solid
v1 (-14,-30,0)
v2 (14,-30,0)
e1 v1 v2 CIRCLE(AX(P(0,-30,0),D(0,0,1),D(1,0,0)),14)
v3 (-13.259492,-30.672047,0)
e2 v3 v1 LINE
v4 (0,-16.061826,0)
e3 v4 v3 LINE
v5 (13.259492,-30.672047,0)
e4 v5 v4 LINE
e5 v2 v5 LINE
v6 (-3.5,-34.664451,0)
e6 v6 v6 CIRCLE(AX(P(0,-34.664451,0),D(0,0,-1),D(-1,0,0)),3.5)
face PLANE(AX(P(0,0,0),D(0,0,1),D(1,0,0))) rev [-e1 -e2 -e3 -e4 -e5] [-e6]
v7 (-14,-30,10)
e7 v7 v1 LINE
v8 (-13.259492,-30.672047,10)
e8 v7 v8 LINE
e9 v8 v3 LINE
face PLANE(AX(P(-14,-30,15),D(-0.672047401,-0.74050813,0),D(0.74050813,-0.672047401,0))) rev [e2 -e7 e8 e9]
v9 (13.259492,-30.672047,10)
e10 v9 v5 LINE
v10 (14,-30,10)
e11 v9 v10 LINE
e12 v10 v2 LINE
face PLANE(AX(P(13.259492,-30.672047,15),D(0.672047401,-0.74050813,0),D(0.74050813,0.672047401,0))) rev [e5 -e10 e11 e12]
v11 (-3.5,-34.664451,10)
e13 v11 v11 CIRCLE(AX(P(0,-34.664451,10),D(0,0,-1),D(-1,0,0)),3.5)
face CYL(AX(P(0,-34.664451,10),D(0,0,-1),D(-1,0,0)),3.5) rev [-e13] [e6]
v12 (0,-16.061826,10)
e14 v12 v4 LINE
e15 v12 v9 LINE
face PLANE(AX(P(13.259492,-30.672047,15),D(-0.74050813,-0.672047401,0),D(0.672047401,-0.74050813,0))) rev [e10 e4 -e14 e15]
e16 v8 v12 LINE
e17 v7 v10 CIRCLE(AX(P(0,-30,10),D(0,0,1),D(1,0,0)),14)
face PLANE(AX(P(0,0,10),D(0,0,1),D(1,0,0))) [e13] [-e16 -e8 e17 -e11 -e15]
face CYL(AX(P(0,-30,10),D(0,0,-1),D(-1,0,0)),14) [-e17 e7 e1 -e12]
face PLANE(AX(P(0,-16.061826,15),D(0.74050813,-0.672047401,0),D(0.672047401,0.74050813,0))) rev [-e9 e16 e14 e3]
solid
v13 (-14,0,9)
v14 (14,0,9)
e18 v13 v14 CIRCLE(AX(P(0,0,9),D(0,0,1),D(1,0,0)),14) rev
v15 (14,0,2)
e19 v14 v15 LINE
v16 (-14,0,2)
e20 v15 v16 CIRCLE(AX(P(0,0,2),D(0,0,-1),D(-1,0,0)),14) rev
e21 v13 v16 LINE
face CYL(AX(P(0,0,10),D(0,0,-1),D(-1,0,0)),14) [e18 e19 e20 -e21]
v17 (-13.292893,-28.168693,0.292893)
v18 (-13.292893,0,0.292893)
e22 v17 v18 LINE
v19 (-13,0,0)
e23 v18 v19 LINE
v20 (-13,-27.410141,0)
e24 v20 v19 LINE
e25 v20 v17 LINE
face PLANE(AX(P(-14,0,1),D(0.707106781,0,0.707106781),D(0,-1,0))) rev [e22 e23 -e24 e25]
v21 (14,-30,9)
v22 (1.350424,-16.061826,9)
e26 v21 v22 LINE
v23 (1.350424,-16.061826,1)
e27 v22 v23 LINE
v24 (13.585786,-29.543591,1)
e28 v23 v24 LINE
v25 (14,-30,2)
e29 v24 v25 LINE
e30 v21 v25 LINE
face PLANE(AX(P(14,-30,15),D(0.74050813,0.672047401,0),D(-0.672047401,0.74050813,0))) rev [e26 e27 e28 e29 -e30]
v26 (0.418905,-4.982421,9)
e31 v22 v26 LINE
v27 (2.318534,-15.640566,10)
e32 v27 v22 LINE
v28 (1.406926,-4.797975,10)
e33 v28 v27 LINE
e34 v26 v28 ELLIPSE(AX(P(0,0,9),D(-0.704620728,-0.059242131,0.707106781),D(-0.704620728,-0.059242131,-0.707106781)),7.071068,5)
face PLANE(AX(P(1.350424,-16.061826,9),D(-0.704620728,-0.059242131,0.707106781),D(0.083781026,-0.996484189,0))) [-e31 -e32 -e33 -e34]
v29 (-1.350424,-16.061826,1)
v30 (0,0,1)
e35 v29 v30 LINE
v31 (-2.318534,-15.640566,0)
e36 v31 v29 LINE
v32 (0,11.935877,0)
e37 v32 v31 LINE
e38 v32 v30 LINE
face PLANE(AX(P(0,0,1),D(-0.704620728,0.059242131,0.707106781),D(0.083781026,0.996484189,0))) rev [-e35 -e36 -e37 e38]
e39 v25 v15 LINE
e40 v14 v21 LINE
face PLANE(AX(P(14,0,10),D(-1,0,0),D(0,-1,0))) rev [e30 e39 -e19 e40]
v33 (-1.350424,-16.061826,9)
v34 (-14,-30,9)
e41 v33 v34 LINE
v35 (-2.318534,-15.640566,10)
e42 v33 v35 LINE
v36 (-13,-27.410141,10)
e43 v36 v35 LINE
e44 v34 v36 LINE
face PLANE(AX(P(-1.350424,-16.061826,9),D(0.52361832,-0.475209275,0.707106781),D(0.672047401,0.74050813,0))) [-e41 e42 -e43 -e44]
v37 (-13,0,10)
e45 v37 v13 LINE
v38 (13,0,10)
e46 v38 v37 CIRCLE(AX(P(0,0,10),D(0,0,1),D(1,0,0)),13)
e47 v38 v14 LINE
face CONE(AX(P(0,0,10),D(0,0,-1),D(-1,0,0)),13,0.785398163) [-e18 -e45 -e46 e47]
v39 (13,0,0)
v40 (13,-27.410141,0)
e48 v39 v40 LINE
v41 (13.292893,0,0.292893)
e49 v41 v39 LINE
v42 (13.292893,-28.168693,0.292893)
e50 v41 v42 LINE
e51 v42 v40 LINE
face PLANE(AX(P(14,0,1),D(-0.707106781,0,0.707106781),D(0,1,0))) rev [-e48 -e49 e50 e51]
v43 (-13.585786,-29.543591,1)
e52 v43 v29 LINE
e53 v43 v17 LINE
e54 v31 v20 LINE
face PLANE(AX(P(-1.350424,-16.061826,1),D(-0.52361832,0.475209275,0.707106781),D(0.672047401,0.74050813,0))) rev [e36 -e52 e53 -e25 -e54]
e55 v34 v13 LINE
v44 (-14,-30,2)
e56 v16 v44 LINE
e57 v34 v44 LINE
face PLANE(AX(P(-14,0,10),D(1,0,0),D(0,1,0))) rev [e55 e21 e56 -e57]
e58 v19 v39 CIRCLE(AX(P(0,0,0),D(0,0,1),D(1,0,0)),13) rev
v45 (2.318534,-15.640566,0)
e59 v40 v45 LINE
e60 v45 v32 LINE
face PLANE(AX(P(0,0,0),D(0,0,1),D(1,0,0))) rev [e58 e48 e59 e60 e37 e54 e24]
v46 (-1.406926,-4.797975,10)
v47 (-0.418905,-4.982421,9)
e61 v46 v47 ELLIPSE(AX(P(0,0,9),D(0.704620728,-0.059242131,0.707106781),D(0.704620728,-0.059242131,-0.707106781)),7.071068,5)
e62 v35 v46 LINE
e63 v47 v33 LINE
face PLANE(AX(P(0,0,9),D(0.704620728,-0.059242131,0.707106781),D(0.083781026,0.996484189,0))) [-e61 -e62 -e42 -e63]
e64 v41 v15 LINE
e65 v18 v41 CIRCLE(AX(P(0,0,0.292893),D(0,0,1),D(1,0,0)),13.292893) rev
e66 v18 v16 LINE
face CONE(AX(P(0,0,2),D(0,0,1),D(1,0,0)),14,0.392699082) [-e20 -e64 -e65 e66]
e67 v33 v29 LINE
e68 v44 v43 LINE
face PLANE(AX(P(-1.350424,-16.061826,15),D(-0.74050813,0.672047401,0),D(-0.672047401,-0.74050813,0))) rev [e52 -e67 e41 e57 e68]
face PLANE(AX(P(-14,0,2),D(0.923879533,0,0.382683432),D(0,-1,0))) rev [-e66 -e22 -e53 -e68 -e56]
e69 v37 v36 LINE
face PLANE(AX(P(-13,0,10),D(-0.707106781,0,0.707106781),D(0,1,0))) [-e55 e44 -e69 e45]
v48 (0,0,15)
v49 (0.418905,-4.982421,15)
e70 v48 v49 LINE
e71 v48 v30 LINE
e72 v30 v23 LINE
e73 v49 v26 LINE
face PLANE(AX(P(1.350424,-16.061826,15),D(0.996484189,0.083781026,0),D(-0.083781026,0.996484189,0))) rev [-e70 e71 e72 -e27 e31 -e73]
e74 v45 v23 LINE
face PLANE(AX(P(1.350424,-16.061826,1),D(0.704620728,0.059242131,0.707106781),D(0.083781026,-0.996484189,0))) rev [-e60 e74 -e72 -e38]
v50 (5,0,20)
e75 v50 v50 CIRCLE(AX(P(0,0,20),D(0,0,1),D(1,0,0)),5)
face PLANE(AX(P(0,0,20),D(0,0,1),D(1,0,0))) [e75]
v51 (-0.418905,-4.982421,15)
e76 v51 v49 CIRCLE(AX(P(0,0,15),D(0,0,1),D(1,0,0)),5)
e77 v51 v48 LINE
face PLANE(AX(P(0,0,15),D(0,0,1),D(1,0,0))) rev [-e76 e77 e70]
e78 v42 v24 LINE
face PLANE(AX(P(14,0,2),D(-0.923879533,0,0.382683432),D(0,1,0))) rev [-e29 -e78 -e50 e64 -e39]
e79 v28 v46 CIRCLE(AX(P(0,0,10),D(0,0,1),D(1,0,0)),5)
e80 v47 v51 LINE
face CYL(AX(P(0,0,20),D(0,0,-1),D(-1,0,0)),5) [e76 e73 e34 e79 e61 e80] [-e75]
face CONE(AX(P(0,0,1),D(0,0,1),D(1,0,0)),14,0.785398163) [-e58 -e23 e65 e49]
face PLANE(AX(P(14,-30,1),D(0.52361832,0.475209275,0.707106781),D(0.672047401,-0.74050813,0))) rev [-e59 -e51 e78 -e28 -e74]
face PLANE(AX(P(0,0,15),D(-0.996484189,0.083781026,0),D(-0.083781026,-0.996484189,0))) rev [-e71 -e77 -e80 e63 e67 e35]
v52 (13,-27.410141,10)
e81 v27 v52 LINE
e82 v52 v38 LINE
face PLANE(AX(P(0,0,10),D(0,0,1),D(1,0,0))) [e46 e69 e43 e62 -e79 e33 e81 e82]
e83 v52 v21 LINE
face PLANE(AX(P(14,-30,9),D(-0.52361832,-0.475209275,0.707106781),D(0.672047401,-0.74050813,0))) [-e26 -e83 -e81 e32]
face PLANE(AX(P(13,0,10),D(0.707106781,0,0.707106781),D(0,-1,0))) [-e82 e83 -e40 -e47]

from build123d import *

# Parameters (mm, degrees)
BOSS_EXTRUDE1_DEPTH = 10
SKETCH2_R           = 5
BOSS_EXTRUDE2_DEPTH = 10
CUT_EXTRUDE10_DEPTH = 15
CHAMFER1_SIZE       = 1
CHAMFER2_SIZE       = 1
CHAMFER3_SIZE       = 1
CHAMFER4_SIZE       = 1
CHAMFER5_SIZE       = 1
SKETCH3_R           = 3.5
CUT_EXTRUDE11_DEPTH = 10


with BuildPart() as part:
    # Sketch1 → Boss-Extrude1 (new body)
    with BuildSketch(Plane.XY):
        with BuildLine():
            Line((14, 0), (14, -30))
            ThreePointArc((14, -30), (0, -44), (-14, -30))
            Line((-14, -30), (-14, 0))
            ThreePointArc((-14, 0), (0, 14), (14, 0))
        make_face()
    extrude(amount=BOSS_EXTRUDE1_DEPTH)

    # Sketch2 → Boss-Extrude2 (add)
    with BuildSketch(Plane.XY.offset(10)):
        Circle(SKETCH2_R)
    extrude(amount=BOSS_EXTRUDE2_DEPTH)

    # Sketch5 → Cut-Extrude10 (cut)
    with BuildSketch(Plane(origin=(0, 0, 0), x_dir=(-1, 0, 0), z_dir=(0, 0, -1))):
        Polygon((-14, -30), (-1.350424067, -16.061825706), (0, 0), (1.350424067, -16.061825706), (14, -30), (13.25949187, -30.672047401), (0, -16.061825706), (-13.25949187, -30.672047401), align=None)
    extrude(amount=-CUT_EXTRUDE10_DEPTH, mode=Mode.SUBTRACT)


with BuildPart() as cut_extrude10_piece_1:
    # of the separate pieces the step leaves, piece 1, a body of its own (cut_extrude10_pieces)
    add(part.part.solids().sort_by_distance((-14, 0, 0))[0])

    # Chamfer1
    chamfer1_edges = [cut_extrude10_piece_1.edges().sort_by_distance(p)[0] for p in [
        (0, 14, 10),
        (-14, -15, 10),
        (14, -15, 10),
    ]]
    chamfer(chamfer1_edges, length=CHAMFER1_SIZE)

    # Chamfer2
    chamfer2_edges = [cut_extrude10_piece_1.edges().sort_by_distance(p)[0] for p in [
        (0, 14, 0),
        (-14, -15, 0),
        (14, -15, 0),
    ]]
    chamfer(chamfer2_edges, length=CHAMFER2_SIZE)

    # Chamfer3
    chamfer3_edges = [cut_extrude10_piece_1.edges().sort_by_distance(p)[0] for p in [
        (-7.175212033, -22.479978404, 0),
        (7.175212033, -22.479978404, 0),
        (0.675212033, -8.030912853, 0),
        (-0.675212033, -8.030912853, 0),
    ]]
    chamfer(chamfer3_edges, length=CHAMFER3_SIZE)

    # Chamfer4
    chamfer4_edges = [cut_extrude10_piece_1.edges().sort_by_distance(p)[0] for p in [
        (-7.175212033, -22.479978404, 10),
        (-0.884664598, -10.522123326, 10),
        (7.175212033, -22.479978404, 10),
        (0.884664598, -10.522123326, 10),
    ]]
    chamfer(chamfer4_edges, length=CHAMFER4_SIZE)

    # Chamfer5
    chamfer5_edges = [cut_extrude10_piece_1.edges().sort_by_distance(p)[0] for p in [
        (-14, -15, 1),
        (0, 14, 1),
        (14, -15, 1),
    ]]
    chamfer(chamfer5_edges, length=CHAMFER5_SIZE)


with BuildPart() as cut_extrude10_piece_2:
    # of the separate pieces the step leaves, piece 2, a body of its own (cut_extrude10_pieces)
    add(part.part.solids().sort_by_distance((13.25949187, -30.672047401, 0))[0])

    # Sketch3 → Cut-Extrude11 (cut)
    with BuildSketch(Plane(origin=(0, 0, 0), x_dir=(-1, 0, 0), z_dir=(0, 0, -1))):
        with Locations((0, -34.664450994)):
            Circle(SKETCH3_R)
    extrude(amount=-CUT_EXTRUDE11_DEPTH, mode=Mode.SUBTRACT)


solid = Compound([cut_extrude10_piece_1.part, cut_extrude10_piece_2.part])
